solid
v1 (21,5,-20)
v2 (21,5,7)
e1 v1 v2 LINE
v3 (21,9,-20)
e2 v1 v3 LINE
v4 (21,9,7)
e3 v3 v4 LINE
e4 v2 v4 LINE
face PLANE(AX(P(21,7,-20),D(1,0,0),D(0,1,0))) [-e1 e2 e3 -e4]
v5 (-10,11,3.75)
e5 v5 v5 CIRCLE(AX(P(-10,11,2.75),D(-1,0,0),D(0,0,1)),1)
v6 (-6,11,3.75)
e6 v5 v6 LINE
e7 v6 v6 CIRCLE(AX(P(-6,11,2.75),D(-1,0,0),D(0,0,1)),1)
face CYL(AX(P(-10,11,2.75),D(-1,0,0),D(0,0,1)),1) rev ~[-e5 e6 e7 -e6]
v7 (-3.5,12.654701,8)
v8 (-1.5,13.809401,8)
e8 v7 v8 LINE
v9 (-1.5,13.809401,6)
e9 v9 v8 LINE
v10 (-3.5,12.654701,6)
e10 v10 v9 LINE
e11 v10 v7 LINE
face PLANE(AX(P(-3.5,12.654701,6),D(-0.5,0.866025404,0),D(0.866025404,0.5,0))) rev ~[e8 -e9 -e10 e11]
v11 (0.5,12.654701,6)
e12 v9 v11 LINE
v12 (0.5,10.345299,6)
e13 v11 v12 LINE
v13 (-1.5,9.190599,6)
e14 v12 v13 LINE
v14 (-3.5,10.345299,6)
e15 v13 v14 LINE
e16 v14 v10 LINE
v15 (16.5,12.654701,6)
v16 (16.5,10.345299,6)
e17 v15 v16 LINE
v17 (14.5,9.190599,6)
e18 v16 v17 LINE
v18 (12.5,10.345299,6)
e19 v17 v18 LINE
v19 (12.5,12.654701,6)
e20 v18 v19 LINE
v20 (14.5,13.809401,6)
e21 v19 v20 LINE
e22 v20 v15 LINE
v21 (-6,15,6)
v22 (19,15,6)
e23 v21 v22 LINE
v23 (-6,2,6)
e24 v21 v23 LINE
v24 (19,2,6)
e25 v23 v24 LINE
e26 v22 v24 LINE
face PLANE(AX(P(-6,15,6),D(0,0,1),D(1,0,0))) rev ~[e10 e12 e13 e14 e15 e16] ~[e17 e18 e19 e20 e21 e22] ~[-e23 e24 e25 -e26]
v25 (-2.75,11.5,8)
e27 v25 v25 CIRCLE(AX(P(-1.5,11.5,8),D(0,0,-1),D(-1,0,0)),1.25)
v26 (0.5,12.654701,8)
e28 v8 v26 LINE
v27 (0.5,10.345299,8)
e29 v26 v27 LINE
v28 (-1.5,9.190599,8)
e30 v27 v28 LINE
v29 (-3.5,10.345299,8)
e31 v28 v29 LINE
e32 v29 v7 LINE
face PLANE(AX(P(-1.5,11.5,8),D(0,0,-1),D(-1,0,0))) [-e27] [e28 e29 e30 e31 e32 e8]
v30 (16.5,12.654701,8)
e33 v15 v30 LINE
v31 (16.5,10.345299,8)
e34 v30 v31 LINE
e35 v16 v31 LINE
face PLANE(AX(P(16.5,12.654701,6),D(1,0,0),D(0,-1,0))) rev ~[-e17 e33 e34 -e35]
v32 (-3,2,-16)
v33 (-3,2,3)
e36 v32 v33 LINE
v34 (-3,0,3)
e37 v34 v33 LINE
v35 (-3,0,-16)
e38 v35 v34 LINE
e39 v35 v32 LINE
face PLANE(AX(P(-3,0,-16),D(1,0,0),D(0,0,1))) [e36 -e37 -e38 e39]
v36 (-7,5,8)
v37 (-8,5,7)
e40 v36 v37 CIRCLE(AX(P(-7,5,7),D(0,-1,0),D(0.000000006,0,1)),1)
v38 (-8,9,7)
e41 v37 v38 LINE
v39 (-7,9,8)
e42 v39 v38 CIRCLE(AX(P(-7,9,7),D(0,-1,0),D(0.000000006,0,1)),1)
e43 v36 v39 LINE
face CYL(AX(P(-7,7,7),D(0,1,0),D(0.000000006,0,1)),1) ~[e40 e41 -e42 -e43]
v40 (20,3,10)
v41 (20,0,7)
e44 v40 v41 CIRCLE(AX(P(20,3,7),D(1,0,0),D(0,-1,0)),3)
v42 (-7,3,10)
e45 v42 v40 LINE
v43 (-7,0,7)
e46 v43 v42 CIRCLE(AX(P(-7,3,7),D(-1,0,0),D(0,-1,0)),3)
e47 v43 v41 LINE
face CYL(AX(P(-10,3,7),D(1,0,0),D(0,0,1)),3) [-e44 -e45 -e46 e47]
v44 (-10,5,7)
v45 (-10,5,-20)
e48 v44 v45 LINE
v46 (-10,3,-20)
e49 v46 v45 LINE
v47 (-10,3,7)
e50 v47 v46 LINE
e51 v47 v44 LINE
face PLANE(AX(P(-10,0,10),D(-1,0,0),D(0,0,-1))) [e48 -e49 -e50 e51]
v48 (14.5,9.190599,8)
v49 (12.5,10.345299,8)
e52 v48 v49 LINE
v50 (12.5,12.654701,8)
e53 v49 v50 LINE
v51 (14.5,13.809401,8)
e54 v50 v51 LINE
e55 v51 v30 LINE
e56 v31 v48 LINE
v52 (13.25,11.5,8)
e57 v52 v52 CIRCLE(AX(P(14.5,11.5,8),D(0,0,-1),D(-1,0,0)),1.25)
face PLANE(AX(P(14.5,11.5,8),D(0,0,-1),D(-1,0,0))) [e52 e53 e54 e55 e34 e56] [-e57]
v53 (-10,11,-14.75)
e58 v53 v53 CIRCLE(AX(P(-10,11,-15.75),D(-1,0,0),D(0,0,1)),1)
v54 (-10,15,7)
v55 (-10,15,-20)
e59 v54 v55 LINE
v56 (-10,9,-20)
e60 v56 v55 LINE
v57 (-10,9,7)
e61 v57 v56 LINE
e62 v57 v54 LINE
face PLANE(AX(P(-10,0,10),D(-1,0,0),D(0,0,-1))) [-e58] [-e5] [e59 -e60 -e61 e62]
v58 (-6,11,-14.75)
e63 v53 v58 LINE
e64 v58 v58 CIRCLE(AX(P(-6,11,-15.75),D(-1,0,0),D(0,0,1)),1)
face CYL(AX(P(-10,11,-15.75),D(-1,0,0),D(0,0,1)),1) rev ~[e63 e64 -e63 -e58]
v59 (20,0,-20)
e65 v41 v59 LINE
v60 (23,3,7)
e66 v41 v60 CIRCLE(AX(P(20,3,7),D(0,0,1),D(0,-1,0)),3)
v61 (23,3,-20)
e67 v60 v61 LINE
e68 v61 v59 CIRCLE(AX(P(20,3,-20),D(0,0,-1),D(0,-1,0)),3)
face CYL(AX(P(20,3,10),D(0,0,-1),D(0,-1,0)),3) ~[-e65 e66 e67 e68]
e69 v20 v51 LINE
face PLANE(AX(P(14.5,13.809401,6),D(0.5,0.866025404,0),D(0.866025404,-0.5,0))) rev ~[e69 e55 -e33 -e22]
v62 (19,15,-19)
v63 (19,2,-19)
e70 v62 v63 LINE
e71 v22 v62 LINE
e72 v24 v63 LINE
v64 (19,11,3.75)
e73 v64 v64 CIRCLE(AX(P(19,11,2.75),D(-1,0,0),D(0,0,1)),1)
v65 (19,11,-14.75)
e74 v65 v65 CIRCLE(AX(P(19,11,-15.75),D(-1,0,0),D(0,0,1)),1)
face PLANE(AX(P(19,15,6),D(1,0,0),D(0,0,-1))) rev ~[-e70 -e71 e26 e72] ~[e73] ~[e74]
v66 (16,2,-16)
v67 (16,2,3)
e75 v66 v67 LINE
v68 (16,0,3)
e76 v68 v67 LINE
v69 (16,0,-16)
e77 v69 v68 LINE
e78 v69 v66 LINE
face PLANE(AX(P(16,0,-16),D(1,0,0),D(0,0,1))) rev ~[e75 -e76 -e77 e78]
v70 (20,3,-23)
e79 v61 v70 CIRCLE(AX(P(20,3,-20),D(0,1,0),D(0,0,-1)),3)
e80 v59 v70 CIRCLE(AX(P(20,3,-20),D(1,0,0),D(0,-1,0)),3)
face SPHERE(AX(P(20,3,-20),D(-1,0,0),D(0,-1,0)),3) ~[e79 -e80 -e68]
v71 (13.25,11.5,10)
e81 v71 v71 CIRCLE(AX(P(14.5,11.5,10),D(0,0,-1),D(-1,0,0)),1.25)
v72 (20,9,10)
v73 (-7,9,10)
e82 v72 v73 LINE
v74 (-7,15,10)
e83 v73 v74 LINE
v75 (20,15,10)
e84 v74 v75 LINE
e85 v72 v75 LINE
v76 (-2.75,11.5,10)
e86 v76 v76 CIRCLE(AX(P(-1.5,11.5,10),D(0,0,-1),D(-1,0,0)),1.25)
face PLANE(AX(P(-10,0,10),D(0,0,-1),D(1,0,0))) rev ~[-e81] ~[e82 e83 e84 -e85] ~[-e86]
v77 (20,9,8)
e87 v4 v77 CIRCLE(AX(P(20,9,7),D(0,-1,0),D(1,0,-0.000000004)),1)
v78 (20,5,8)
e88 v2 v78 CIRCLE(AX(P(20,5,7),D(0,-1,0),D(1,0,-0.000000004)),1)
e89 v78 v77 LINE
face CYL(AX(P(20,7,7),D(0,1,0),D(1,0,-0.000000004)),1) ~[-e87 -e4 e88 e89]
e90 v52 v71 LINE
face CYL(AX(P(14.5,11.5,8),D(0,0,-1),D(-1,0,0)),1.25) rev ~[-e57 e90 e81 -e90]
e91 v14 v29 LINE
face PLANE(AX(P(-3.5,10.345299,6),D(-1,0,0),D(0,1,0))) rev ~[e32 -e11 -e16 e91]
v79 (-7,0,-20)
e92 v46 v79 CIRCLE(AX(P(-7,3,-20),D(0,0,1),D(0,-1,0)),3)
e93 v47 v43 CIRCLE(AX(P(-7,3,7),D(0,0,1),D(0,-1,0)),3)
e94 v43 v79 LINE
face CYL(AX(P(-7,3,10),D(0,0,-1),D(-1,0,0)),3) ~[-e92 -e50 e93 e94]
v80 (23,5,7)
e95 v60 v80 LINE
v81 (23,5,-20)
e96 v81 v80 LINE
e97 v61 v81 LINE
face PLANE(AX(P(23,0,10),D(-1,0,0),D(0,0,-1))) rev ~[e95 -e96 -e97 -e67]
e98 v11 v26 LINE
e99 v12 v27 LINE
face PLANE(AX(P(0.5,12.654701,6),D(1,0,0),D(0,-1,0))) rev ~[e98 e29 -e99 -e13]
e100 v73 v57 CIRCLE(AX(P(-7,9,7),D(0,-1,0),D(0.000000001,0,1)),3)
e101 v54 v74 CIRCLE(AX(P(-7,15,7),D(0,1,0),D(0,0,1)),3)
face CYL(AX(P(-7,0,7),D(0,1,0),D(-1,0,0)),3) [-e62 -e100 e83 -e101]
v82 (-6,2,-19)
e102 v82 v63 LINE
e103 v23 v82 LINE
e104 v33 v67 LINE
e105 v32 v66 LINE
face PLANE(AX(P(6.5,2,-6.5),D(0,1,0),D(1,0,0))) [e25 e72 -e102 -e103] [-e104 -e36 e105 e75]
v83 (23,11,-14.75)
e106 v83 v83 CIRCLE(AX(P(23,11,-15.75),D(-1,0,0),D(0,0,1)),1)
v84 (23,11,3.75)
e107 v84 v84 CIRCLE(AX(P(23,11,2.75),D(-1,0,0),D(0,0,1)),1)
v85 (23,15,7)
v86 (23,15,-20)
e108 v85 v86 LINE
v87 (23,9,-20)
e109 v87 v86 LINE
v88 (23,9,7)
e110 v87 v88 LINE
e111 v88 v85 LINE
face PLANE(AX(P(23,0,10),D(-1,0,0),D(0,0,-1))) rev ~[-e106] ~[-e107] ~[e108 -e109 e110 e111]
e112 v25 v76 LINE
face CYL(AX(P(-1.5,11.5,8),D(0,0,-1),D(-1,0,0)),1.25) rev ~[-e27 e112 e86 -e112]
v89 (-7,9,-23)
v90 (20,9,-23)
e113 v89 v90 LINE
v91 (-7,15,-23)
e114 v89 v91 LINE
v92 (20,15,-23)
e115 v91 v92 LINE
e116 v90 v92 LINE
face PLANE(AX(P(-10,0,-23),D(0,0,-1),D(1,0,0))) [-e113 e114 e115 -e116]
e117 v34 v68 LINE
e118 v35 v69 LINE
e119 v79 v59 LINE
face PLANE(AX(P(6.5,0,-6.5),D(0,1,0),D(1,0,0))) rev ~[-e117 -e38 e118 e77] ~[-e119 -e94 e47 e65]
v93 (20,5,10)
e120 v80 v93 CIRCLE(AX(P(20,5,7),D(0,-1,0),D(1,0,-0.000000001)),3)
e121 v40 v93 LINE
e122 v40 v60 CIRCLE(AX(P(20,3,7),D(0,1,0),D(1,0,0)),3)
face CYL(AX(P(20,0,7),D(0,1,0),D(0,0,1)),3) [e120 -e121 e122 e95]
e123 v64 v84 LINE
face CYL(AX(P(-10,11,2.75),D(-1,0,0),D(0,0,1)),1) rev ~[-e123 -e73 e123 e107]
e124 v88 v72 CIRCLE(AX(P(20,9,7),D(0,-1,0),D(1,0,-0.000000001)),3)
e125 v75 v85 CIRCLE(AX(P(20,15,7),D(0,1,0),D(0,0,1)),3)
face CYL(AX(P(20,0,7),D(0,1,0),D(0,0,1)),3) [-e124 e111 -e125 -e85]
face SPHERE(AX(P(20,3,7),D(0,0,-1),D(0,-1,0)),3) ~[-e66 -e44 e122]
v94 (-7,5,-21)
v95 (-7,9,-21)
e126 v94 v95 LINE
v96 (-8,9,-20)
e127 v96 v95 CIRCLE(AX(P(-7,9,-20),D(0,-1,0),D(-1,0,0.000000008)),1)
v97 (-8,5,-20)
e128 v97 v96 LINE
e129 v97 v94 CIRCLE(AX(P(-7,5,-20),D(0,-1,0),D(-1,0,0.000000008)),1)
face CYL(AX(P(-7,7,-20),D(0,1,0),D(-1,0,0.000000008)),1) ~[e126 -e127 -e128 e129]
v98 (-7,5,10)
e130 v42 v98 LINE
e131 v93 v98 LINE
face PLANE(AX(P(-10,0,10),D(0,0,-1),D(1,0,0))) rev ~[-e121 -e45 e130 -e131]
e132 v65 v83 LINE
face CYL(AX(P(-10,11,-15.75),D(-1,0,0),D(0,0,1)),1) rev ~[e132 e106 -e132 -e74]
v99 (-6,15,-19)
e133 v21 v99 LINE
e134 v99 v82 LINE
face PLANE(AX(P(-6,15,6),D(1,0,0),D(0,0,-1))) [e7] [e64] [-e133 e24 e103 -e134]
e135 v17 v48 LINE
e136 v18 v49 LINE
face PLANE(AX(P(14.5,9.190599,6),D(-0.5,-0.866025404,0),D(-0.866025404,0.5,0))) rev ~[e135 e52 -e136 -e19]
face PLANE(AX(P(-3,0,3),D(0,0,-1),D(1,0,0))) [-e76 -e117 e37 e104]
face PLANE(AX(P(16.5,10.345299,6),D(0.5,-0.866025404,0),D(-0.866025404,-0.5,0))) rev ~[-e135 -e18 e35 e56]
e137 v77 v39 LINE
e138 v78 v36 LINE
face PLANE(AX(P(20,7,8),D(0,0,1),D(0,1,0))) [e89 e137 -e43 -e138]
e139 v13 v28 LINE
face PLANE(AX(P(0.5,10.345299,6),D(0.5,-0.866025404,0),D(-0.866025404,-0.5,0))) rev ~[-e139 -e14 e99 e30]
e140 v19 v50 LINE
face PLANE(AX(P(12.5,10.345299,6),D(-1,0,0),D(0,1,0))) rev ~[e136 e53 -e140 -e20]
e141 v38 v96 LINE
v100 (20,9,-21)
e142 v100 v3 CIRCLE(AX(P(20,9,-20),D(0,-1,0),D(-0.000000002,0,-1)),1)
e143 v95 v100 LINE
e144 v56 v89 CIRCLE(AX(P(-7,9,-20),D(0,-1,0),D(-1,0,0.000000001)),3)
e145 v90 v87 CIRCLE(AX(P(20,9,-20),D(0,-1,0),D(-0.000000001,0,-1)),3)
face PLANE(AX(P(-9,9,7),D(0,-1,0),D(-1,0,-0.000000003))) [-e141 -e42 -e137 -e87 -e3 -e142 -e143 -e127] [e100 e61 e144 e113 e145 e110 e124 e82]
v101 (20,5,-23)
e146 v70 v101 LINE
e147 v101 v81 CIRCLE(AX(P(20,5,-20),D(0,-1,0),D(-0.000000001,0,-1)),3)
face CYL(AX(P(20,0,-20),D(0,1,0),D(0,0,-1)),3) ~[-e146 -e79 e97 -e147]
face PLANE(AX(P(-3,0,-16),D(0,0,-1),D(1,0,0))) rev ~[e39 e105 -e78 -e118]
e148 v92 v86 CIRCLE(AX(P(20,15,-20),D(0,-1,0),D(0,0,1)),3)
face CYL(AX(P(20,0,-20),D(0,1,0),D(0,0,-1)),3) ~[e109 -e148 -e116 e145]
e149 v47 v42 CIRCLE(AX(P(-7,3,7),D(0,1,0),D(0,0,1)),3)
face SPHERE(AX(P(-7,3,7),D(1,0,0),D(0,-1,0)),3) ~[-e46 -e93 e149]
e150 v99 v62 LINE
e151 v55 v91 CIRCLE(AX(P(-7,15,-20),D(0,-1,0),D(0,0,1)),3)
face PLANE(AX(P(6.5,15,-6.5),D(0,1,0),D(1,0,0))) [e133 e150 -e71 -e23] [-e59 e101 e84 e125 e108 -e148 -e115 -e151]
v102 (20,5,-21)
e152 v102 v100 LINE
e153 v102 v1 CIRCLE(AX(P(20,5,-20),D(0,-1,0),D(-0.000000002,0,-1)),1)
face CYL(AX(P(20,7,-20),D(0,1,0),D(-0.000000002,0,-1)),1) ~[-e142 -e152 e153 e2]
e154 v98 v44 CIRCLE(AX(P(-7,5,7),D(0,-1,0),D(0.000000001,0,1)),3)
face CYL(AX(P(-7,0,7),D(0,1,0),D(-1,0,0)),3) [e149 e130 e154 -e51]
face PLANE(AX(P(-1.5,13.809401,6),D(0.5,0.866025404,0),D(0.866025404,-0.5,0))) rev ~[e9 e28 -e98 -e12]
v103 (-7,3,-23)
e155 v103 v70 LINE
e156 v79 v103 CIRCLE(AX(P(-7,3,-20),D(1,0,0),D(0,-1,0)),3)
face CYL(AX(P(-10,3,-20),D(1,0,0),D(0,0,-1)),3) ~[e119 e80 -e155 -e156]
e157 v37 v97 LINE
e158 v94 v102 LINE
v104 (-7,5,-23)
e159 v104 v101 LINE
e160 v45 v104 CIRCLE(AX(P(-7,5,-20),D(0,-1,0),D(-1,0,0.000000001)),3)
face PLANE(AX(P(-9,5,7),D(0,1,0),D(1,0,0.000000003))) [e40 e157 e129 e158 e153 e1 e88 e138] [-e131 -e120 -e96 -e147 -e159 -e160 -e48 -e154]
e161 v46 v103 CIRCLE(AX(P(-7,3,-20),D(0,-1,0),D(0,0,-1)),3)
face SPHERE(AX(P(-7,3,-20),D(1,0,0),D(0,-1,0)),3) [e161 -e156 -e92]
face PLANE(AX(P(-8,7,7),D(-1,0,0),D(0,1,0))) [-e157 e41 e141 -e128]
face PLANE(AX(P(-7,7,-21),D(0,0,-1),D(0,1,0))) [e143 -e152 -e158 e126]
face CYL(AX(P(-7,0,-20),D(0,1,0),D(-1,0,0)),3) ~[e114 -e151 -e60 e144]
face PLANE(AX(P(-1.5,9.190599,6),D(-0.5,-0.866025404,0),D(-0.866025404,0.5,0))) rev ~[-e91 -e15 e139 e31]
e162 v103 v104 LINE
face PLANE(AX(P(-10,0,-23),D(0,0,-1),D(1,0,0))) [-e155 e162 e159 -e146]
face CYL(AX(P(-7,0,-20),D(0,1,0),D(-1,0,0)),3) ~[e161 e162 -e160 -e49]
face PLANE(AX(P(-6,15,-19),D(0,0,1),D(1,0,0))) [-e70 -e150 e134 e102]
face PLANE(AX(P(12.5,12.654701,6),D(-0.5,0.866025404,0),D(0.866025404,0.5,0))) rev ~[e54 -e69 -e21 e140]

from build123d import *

# Parameters (mm, degrees)
SKETCH_1_W          = 33
SKETCH_1_H          = 33
SKETCH_1_W_2        = 13
SKETCH_1_H_2        = 13
EXTRUDE_1_DEPTH     = 15
SKETCH_2_W          = 25
SKETCH_2_H          = 25
CUT_EXTRUDE_1_DEPTH = 13
FILLET_3_R          = 3
SKETCH_4_R          = 1
CUT_EXTRUDE_2_DEPTH = 43.930175867
SKETCH_11_W         = 19
SKETCH_11_H         = 19
CUT_EXTRUDE_5_DEPTH = 2
SKETCH_14_W         = 4
SKETCH_14_H         = 2
CUT_EXTRUDE_6_DEPTH = 2
SKETCH_20_R         = 1.25
CUT_EXTRUDE_7_DEPTH = 42.412558482


with BuildPart() as part:
    # Эскиз1 → Бобышка-Вытянуть1 (new body)
    with BuildSketch(Plane(origin=(0, 0, 0), x_dir=(1, 0, 0), z_dir=(0, 1, 0))):
        with Locations((6.5, 6.5)):
            Rectangle(SKETCH_1_W, SKETCH_1_H)
        with Locations((6.5, 6.5)):
            Rectangle(SKETCH_1_W_2, SKETCH_1_H_2, mode=Mode.SUBTRACT)
    extrude(amount=EXTRUDE_1_DEPTH)

    # Эскиз2 → Вырез-Вытянуть1 (cut)
    with BuildSketch(Plane(origin=(0, 15, 0), x_dir=(1, 0, 0), z_dir=(0, 1, 0))):
        with Locations((6.5, 6.5)):
            Rectangle(SKETCH_2_W, SKETCH_2_H)
    extrude(amount=-CUT_EXTRUDE_1_DEPTH, mode=Mode.SUBTRACT)

    # Скругление3
    fillet_3_edges = [part.edges().sort_by_distance(p)[0] for p in [
        (6.5, 0, -23),
        (23, 0, -6.5),
        (6.5, 0, 10),
        (-10, 0, -6.5),
        (-10, 7.5, -23),
        (23, 7.5, -23),
        (23, 7.5, 10),
        (-10, 7.5, 10),
    ]]
    fillet(fillet_3_edges, radius=FILLET_3_R)

    # Эскиз4 → Вырез-Вытянуть2 (cut, through all)
    with BuildSketch(Plane.ZY.offset(10)):
        with Locations((2.75, 11)):
            Circle(SKETCH_4_R)
        with Locations((-15.75, 11)):
            Circle(SKETCH_4_R)
    extrude(amount=-CUT_EXTRUDE_2_DEPTH, mode=Mode.SUBTRACT)

    # Эскиз11 → Вырез-Вытянуть5 (cut)
    with BuildSketch(Plane.XZ):
        with Locations((6.5, -6.5)):
            Rectangle(SKETCH_11_W, SKETCH_11_H)
    extrude(amount=-CUT_EXTRUDE_5_DEPTH, mode=Mode.SUBTRACT)

    # Вырез-По траектории2: sweep along a path in Эскиз16
    with BuildLine(Plane(origin=(0, 7, 0), x_dir=(0, 0, 1), z_dir=(0, -1, 0))) as sweep_2_path:
        Line((-23, 7), (-23, -20))
        ThreePointArc((-23, -20), (-22.121320344, -22.121320344), (-20, -23))
        Line((-20, -23), (7, -23))
        ThreePointArc((7, -23), (9.121320344, -22.121320344), (10, -20))
        Line((10, -20), (10, 7))
        ThreePointArc((10, 7), (9.121320344, 9.121320344), (7, 10))
        Line((7, 10), (-20, 10))
        ThreePointArc((-20, 10), (-22.121320344, 9.121320344), (-23, 7))
    # Эскиз14 → Вырез-По траектории2 (sweep, cut)
    with BuildSketch(Plane(origin=(-7, 0, 0), x_dir=(0, 1, 0), z_dir=(-1, 0, 0))):
        with Locations((7, 22)):
            Rectangle(SKETCH_14_W, SKETCH_14_H)
    sweep(path=sweep_2_path.line, mode=Mode.SUBTRACT)

    # Эскиз18 → Вырез-Вытянуть6 (cut)
    with BuildSketch(Plane(origin=(0, 0, 6), x_dir=(-1, 0, 0), z_dir=(0, 0, -1))):
        Polygon((-0.5, 10.345299462), (1.5, 9.190598923), (3.5, 10.345299462), (3.5, 12.654700538), (1.5, 13.809401077), (-0.5, 12.654700538), align=None)
        Polygon((-16.5, 10.345299462), (-14.5, 9.190598923), (-12.5, 10.345299462), (-12.5, 12.654700538), (-14.5, 13.809401077), (-16.5, 12.654700538), align=None)
    extrude(amount=-CUT_EXTRUDE_6_DEPTH, mode=Mode.SUBTRACT)

    # Эскиз20 → Вырез-Вытянуть7 (cut, through all)
    with BuildSketch(Plane(origin=(0, 0, 8), x_dir=(-1, 0, 0), z_dir=(0, 0, -1))):
        with Locations((-14.5, 11.5)):
            Circle(SKETCH_20_R)
        with Locations((1.5, 11.5)):
            Circle(SKETCH_20_R)
    extrude(amount=-CUT_EXTRUDE_7_DEPTH, mode=Mode.SUBTRACT)


solid = part.part
